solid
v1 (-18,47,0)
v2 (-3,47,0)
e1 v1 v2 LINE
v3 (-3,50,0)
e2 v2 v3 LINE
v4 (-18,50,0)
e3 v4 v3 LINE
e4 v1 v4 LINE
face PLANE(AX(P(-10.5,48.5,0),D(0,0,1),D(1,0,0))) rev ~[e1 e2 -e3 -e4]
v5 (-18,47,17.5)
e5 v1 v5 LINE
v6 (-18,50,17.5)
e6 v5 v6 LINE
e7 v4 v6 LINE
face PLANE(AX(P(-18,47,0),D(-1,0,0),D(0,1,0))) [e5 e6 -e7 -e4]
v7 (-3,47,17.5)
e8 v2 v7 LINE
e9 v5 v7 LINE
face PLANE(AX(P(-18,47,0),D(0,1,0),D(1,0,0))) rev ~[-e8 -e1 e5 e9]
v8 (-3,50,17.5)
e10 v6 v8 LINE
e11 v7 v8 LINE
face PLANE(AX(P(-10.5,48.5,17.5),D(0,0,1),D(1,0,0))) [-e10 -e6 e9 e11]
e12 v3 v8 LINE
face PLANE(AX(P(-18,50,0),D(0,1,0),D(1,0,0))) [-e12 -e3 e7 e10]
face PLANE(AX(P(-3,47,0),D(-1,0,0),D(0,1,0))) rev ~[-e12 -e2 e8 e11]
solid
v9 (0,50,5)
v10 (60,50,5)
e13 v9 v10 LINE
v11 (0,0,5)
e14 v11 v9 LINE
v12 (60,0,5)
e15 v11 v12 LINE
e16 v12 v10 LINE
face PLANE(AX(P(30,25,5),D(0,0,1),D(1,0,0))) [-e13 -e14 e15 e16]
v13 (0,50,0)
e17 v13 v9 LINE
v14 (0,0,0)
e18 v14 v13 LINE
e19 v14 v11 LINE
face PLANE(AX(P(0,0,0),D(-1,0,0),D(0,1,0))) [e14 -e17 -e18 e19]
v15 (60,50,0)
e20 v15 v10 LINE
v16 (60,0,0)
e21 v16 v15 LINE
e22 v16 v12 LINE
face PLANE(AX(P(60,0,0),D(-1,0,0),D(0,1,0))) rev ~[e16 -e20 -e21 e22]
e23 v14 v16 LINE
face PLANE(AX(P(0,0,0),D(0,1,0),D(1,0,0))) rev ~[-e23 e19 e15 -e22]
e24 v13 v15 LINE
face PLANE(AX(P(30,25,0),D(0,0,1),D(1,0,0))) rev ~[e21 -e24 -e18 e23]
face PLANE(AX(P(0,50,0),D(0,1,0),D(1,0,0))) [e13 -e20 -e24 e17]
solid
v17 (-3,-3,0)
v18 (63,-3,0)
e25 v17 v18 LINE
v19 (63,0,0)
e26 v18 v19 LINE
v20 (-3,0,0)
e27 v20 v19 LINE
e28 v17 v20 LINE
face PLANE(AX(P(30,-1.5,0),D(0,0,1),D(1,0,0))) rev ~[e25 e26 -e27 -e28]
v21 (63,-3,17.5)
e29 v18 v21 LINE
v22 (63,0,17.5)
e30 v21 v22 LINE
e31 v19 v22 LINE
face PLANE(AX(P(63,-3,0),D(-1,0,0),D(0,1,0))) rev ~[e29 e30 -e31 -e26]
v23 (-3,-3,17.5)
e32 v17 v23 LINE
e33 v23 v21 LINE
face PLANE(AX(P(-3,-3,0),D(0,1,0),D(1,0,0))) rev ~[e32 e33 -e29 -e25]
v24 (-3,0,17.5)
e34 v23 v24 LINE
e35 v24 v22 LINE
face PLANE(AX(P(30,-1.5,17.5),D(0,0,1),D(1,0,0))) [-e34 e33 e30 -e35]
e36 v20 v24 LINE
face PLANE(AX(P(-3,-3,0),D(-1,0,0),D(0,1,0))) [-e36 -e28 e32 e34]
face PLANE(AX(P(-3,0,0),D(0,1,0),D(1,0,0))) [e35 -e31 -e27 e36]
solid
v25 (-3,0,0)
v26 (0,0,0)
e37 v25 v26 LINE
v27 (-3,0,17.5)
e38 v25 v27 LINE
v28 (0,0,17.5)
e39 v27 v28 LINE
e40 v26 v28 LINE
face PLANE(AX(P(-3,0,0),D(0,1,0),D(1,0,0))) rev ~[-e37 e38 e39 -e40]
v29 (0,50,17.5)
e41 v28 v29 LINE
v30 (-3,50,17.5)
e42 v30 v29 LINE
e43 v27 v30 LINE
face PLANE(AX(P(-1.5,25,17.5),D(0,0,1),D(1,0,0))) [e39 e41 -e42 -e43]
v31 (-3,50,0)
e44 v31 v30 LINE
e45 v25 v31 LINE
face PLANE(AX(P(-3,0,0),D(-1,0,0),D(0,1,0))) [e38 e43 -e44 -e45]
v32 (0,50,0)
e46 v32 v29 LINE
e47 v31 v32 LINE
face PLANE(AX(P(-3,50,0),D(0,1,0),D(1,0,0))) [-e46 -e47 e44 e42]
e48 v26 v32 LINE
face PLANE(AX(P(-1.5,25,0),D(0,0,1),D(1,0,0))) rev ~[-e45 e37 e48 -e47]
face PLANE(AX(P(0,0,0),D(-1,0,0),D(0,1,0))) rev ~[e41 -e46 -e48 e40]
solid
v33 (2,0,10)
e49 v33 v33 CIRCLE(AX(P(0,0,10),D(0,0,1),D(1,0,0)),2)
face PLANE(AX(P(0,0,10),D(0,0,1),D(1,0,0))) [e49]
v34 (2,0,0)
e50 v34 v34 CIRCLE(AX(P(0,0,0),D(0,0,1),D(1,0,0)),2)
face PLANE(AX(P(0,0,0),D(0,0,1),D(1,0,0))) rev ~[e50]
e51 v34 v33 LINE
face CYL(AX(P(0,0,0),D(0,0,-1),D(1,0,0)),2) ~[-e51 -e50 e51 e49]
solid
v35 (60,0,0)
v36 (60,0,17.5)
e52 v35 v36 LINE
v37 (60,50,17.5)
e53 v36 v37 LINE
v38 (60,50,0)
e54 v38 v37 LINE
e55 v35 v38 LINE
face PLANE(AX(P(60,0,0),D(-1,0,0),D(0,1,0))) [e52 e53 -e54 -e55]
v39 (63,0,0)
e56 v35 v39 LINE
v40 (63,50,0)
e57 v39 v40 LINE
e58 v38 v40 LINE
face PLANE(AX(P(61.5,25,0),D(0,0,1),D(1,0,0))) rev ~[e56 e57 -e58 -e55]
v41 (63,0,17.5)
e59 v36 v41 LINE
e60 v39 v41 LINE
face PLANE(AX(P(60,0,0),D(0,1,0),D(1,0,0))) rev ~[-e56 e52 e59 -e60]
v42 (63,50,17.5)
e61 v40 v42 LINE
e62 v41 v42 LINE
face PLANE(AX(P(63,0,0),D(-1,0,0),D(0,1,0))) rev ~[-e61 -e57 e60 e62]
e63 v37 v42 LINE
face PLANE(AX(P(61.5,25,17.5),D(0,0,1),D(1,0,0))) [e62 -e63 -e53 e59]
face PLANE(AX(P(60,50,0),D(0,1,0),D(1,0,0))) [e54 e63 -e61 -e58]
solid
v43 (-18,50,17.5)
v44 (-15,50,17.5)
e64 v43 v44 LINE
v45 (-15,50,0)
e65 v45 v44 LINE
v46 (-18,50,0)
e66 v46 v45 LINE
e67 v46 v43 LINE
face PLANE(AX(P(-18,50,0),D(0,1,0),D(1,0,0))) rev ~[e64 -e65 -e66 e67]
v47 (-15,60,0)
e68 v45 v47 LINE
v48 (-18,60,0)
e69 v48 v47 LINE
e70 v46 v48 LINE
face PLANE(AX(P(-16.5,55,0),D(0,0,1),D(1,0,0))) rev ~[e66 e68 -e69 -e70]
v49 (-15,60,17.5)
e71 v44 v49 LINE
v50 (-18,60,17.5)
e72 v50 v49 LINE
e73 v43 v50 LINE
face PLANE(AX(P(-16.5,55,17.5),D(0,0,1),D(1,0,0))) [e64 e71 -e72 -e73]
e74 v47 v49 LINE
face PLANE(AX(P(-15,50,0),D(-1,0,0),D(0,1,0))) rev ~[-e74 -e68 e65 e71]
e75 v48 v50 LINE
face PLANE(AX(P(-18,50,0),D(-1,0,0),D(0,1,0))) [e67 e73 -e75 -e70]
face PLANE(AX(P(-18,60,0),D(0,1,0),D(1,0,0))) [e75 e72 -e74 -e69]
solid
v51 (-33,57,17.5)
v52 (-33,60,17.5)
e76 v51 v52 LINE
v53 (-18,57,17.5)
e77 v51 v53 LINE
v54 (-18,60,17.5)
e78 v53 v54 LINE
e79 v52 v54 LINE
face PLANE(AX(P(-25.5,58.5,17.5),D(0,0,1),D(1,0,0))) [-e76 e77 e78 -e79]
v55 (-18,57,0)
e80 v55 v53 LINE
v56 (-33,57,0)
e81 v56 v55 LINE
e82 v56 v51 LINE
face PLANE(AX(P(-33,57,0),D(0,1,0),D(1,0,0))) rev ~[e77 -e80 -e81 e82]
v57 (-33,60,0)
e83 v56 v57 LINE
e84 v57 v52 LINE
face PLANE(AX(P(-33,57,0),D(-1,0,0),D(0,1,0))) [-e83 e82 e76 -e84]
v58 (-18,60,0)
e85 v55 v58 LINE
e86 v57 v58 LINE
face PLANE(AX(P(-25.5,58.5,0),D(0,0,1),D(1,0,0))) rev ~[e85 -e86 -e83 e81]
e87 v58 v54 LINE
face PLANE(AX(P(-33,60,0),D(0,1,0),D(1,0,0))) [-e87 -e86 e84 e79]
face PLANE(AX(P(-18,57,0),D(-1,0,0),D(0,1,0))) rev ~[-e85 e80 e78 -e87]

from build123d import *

# Parameters (mm, degrees)
BOX_W          = 60
BOX_H          = 50
BOX_DEPTH      = 5
BOX001_W       = 3
BOX001_H       = 50
BOX001_DEPTH   = 17.5
BOX002_W       = 3
BOX002_H       = 50
BOX002_DEPTH   = 17.5
BOX003_W       = 15
BOX003_H       = 3
BOX003_DEPTH   = 17.5
BOX004_W       = 66
BOX004_H       = 3
BOX004_DEPTH   = 17.5
BOX005_W       = 3
BOX005_H       = 10
BOX005_DEPTH   = 17.5
BOX006_W       = 15
BOX006_H       = 3
BOX006_DEPTH   = 17.5
CYLINDER_R     = 2
CYLINDER_DEPTH = 10


with BuildPart() as base:
    # Box → Box (new body)
    with BuildSketch(Plane.XY):
        with Locations((30, 25)):
            Rectangle(BOX_W, BOX_H)
    extrude(amount=BOX_DEPTH)


with BuildPart() as box001:
    # Box001 → Box001 (new body)
    with BuildSketch(Plane(origin=(60, 0, 0), x_dir=(1, 0, 0), z_dir=(0, 0, 1))):
        with Locations((1.5, 25)):
            Rectangle(BOX001_W, BOX001_H)
    extrude(amount=BOX001_DEPTH)


with BuildPart() as box002:
    # Box002 → Box002 (new body)
    with BuildSketch(Plane(origin=(-3, 0, 0), x_dir=(1, 0, 0), z_dir=(0, 0, 1))):
        with Locations((1.5, 25)):
            Rectangle(BOX002_W, BOX002_H)
    extrude(amount=BOX002_DEPTH)


with BuildPart() as box003:
    # Box003 → Box003 (new body)
    with BuildSketch(Plane(origin=(-18, 47, 0), x_dir=(1, 0, 0), z_dir=(0, 0, 1))):
        with Locations((7.5, 1.5)):
            Rectangle(BOX003_W, BOX003_H)
    extrude(amount=BOX003_DEPTH)


with BuildPart() as box004:
    # Box004 → Box004 (new body)
    with BuildSketch(Plane(origin=(-3, -3, 0), x_dir=(1, 0, 0), z_dir=(0, 0, 1))):
        with Locations((33, 1.5)):
            Rectangle(BOX004_W, BOX004_H)
    extrude(amount=BOX004_DEPTH)


with BuildPart() as box005:
    # Box005 → Box005 (new body)
    with BuildSketch(Plane(origin=(-18, 50, 0), x_dir=(1, 0, 0), z_dir=(0, 0, 1))):
        with Locations((1.5, 5)):
            Rectangle(BOX005_W, BOX005_H)
    extrude(amount=BOX005_DEPTH)


with BuildPart() as box006:
    # Box006 → Box006 (new body)
    with BuildSketch(Plane(origin=(-33, 57, 0), x_dir=(1, 0, 0), z_dir=(0, 0, 1))):
        with Locations((7.5, 1.5)):
            Rectangle(BOX006_W, BOX006_H)
    extrude(amount=BOX006_DEPTH)


with BuildPart() as cylinder:
    # Cylinder → Cylinder (new body)
    with BuildSketch(Plane.XY):
        Circle(CYLINDER_R)
    extrude(amount=CYLINDER_DEPTH)


solid = Compound([base.part, box001.part, box002.part, box003.part, box004.part, box005.part, box006.part, cylinder.part])
